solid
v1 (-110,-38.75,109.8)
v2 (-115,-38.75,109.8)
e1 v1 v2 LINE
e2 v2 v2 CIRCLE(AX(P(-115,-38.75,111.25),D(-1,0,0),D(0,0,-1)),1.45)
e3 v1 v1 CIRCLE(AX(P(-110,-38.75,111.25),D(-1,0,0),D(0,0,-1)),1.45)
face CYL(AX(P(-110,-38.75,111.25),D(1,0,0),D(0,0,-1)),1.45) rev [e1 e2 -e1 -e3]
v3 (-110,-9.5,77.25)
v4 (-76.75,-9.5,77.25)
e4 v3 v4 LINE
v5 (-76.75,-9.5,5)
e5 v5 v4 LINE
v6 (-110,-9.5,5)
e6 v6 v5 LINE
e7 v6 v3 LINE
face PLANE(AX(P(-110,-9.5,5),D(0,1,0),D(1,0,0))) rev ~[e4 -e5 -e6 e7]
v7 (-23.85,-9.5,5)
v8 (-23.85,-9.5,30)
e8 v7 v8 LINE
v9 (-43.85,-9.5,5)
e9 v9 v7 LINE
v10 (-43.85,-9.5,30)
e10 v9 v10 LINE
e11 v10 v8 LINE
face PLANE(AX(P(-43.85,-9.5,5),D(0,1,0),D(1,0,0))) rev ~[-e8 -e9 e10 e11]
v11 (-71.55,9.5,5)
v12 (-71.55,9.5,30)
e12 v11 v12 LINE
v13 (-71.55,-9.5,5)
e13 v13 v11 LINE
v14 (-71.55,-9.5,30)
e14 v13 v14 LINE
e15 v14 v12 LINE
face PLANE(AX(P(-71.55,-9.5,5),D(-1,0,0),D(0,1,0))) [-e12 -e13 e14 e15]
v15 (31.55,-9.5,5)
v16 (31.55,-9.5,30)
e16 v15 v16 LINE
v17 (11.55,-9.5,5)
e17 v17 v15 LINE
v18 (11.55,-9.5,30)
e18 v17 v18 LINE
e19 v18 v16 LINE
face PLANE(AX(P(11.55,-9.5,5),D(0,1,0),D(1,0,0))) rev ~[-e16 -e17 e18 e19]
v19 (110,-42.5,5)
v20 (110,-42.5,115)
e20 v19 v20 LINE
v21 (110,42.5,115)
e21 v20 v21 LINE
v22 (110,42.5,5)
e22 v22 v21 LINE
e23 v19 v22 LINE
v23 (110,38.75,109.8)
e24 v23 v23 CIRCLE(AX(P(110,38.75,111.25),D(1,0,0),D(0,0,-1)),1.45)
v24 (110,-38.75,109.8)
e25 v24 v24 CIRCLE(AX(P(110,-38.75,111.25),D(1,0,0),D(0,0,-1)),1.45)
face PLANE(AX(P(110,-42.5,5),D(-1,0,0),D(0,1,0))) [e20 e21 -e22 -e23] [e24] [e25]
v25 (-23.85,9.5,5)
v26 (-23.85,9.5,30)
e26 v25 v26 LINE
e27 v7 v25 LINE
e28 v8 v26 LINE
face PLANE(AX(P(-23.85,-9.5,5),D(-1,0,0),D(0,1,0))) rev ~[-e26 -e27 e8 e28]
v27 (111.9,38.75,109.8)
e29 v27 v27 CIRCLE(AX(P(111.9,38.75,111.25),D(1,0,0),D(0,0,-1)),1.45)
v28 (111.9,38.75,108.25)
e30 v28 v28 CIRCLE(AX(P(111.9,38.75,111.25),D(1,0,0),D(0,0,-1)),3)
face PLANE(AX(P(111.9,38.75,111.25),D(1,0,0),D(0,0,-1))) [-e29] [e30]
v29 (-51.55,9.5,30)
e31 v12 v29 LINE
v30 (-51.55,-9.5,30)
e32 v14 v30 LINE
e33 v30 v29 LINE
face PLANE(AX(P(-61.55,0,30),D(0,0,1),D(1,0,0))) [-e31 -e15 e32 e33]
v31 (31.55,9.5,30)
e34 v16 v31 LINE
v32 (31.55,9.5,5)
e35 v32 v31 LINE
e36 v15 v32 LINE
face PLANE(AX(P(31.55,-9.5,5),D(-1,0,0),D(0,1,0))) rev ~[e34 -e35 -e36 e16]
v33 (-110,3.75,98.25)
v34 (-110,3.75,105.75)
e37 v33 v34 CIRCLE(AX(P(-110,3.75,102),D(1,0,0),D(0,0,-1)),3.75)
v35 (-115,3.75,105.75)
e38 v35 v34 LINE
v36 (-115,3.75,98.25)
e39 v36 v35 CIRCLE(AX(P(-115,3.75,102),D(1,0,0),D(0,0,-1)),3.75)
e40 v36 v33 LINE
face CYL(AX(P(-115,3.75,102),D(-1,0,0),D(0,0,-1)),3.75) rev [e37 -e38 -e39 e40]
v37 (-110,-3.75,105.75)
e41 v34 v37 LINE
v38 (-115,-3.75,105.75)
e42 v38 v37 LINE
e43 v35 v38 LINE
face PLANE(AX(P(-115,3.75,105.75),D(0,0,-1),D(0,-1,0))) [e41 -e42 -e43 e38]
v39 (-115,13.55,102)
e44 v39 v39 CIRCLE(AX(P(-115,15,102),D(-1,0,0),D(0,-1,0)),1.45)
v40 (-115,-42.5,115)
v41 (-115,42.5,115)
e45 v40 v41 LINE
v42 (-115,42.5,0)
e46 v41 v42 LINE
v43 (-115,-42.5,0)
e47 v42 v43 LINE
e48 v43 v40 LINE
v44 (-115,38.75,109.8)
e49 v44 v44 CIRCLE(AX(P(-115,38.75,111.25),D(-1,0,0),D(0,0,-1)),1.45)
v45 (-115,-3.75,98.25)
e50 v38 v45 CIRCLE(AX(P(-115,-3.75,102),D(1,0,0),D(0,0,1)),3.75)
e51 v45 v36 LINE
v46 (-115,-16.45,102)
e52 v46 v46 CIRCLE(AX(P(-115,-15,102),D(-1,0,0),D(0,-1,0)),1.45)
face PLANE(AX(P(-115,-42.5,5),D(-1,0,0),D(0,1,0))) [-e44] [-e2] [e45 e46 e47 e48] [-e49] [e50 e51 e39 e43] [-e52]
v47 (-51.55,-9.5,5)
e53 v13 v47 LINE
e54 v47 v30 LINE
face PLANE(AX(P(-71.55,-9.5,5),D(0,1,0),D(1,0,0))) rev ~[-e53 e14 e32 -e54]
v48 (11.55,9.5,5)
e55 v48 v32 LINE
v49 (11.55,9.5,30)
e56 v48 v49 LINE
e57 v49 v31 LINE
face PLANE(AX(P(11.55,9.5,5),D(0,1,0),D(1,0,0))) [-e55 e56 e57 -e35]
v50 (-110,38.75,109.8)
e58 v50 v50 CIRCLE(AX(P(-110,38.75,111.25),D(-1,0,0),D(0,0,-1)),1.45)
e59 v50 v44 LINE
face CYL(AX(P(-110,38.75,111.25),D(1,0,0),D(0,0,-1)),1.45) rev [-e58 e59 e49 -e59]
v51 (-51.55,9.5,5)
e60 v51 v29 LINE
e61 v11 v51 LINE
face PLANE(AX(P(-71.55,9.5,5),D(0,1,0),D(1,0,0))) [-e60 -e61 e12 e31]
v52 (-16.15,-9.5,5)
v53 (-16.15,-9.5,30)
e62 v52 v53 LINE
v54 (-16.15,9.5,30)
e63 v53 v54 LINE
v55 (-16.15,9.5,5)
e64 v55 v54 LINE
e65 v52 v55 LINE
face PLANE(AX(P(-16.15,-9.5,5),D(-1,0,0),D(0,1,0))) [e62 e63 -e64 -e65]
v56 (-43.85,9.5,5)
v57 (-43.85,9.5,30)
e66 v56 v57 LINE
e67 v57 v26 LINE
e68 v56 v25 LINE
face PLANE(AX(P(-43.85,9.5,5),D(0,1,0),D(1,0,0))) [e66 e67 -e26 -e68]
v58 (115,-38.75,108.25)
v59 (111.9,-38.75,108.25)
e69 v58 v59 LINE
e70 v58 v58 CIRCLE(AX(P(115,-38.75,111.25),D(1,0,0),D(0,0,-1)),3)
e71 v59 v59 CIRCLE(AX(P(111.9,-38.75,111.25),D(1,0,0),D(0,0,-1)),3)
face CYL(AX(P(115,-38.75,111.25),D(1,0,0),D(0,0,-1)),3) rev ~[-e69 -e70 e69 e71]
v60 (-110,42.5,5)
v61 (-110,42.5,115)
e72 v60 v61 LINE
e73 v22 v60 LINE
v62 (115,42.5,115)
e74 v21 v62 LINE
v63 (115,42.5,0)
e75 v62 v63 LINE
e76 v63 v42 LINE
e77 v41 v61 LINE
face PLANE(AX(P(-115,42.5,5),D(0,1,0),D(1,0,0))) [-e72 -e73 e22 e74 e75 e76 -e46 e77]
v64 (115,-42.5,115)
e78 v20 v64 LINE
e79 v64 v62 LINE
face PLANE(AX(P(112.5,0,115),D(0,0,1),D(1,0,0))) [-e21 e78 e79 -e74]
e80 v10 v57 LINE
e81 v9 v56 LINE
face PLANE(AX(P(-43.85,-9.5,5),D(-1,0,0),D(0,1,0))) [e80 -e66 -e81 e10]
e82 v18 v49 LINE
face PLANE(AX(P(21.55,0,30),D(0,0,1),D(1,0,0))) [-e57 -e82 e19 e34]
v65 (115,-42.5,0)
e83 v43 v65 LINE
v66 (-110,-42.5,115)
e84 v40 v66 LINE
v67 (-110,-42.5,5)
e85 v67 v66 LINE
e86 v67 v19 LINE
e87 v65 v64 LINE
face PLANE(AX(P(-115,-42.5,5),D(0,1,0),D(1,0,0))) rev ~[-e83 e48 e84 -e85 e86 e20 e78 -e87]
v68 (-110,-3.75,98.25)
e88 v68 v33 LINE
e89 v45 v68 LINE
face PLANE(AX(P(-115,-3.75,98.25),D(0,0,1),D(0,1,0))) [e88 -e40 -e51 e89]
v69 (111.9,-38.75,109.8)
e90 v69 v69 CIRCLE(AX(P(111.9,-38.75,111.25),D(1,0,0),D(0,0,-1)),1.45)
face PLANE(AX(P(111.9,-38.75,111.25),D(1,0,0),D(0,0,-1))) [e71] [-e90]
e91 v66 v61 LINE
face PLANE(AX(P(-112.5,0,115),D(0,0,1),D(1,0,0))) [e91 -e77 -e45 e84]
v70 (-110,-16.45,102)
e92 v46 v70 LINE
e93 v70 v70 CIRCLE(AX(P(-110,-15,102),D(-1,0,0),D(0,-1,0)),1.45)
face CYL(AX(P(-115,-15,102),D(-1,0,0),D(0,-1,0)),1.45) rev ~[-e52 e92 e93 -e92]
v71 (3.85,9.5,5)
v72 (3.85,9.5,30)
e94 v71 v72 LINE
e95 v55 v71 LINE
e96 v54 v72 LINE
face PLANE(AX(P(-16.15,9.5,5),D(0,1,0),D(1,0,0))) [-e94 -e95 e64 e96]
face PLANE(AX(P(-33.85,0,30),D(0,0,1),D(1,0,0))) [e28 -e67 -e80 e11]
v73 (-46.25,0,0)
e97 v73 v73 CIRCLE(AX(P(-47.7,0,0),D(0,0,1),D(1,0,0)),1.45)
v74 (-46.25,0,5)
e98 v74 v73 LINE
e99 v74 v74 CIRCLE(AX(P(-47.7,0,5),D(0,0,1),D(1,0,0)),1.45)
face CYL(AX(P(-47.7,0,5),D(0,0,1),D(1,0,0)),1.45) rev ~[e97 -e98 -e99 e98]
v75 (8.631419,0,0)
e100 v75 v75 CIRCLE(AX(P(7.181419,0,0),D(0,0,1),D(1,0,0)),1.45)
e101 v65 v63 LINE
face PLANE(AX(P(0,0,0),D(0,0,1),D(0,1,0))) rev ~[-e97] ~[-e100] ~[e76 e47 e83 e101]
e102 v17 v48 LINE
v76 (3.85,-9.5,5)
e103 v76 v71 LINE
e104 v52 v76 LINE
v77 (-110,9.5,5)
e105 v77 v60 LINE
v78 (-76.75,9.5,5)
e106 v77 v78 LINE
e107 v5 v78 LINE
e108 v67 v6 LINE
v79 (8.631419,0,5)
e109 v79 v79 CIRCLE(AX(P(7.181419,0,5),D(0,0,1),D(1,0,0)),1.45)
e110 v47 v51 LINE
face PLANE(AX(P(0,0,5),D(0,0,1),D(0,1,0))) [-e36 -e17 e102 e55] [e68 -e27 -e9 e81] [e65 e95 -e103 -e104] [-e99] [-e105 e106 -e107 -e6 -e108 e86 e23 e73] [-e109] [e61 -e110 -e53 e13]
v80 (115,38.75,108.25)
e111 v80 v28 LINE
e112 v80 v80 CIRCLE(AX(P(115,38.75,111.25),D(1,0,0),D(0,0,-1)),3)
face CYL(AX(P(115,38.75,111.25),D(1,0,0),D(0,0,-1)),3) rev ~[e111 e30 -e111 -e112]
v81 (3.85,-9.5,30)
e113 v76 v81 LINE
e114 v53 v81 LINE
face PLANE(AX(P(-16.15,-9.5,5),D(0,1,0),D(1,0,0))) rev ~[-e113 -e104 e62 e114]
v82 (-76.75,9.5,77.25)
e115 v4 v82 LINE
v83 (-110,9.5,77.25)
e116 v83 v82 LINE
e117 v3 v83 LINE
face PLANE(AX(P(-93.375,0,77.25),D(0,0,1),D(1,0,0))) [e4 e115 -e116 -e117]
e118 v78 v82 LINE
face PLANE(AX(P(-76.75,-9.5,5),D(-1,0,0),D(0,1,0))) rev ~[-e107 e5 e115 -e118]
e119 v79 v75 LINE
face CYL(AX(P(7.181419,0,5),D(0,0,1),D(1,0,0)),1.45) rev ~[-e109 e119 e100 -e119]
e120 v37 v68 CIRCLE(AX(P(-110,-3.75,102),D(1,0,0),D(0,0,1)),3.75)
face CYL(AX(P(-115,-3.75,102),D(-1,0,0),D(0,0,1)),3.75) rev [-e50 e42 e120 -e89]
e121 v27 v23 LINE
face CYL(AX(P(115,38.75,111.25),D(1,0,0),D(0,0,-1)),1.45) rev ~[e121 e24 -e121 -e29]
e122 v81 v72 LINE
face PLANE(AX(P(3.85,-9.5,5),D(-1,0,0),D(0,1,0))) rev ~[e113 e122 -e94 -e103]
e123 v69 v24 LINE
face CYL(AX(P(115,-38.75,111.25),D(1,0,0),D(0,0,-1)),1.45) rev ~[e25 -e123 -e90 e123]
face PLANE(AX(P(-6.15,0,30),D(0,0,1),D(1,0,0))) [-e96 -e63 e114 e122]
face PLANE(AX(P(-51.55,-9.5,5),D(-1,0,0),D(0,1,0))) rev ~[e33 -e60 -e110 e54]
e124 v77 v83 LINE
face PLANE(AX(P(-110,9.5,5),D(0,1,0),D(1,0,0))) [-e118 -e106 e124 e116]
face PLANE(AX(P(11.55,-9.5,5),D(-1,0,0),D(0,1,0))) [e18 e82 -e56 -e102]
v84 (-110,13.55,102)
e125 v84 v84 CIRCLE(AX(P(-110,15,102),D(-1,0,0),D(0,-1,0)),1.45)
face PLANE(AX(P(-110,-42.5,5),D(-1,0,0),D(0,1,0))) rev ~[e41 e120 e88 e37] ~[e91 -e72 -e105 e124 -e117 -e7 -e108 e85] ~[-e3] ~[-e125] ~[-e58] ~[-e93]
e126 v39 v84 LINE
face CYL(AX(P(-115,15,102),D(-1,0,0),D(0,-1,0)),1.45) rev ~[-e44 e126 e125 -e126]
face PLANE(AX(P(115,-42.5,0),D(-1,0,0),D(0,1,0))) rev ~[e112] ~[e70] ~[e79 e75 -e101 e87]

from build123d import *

# Parameters (mm, degrees)
BOSS_EXTRUDE1_DEPTH = 5
SKETCH2_W           = 5
SKETCH2_H           = 85
BOSS_EXTRUDE3_DEPTH = 110
SKETCH2_3_W         = 20
SKETCH2_3_H         = 19
BOSS_EXTRUDE4_DEPTH = 25
SKETCH3_R           = 1.45
CUT_EXTRUDE1_DEPTH  = 5
SKETCH4_R           = 1.45
CUT_EXTRUDE2_DEPTH  = 5
SKETCH5_R           = 3
SKETCH5_R_2         = 1.45
CUT_EXTRUDE3_DEPTH  = 3.1
SKETCH5_2_R         = 1.45
CUT_EXTRUDE4_DEPTH  = 5
CUT_EXTRUDE5_START  = -5
SKETCH6_R           = 1.45
CUT_EXTRUDE5_DEPTH  = 5
SKETCH2_7_W         = 33.25
SKETCH2_7_H         = 19
BOSS_EXTRUDE6_DEPTH = 72.25


with BuildPart() as part:
    # Sketch1 → Boss-Extrude1 (new body)
    with BuildSketch(Plane(origin=(0, 0, 0), x_dir=(0, 1, 0), z_dir=(0, 0, 1))):
        Polygon((-42.5, 94.306537639), (-42.5, -115), (42.5, -115), (42.5, 94.306537639), (42.5, 115), (-42.5, 115), align=None)
    extrude(amount=BOSS_EXTRUDE1_DEPTH)

    # Sketch2 → Boss-Extrude3 (add)
    with BuildSketch(Plane.XY.offset(5)):
        with Locations((-112.5, 0)):
            Rectangle(SKETCH2_W, SKETCH2_H)
        with Locations((112.5, 0)):
            Rectangle(SKETCH2_W, SKETCH2_H)
    extrude(amount=BOSS_EXTRUDE3_DEPTH)

    # Sketch2<3> → Boss-Extrude4 (add)
    with BuildSketch(Plane.XY.offset(5)):
        with Locations((-61.55, 0)):
            Rectangle(SKETCH2_3_W, SKETCH2_3_H)
        with Locations((-33.85, 0)):
            Rectangle(SKETCH2_3_W, SKETCH2_3_H)
        with Locations((-6.15, 0)):
            Rectangle(SKETCH2_3_W, SKETCH2_3_H)
        with Locations((21.55, 0)):
            Rectangle(SKETCH2_3_W, SKETCH2_3_H)
    extrude(amount=BOSS_EXTRUDE4_DEPTH)

    # Sketch3 → Cut-Extrude1 (cut)
    with BuildSketch(Plane(origin=(-115, 0, 0), x_dir=(0, -1, 0), z_dir=(-1, 0, 0))):
        with Locations((-15, 102)):
            Circle(SKETCH3_R)
        with Locations((15, 102)):
            Circle(SKETCH3_R)
        with BuildLine():
            Line((-3.75, 105.75), (3.75, 105.75))
            ThreePointArc((3.75, 105.75), (7.5, 102), (3.75, 98.25))
            Line((3.75, 98.25), (-3.75, 98.25))
            ThreePointArc((-3.75, 98.25), (-7.5, 102), (-3.75, 105.75))
        make_face()
    extrude(amount=-CUT_EXTRUDE1_DEPTH, mode=Mode.SUBTRACT)

    # Sketch4 → Cut-Extrude2 (cut)
    with BuildSketch(Plane.XY.offset(5)):
        with Locations((-47.7, 0)):
            Circle(SKETCH4_R)
        with Locations((7.181418717, 0)):
            Circle(SKETCH4_R)
    extrude(amount=-CUT_EXTRUDE2_DEPTH, mode=Mode.SUBTRACT)

    # Sketch5 → Cut-Extrude3 (cut)
    # profile 1 of 2: a face of its own
    with BuildSketch(Plane.YZ.offset(115)):
        with Locations(Location((-38.75, 111.25, 0), (0, 0, 270))):
            Circle(SKETCH5_R)
        with Locations(Location((-38.75, 111.25, 0), (0, 0, 270))):
            Circle(SKETCH5_R_2, mode=Mode.SUBTRACT)
    # profile 2 of 2: a face of its own
    with BuildSketch(Plane.YZ.offset(115)):
        with Locations(Location((38.75, 111.25, 0), (0, 0, 270))):
            Circle(SKETCH5_R)
        with Locations(Location((38.75, 111.25, 0), (0, 0, 270))):
            Circle(SKETCH5_R_2, mode=Mode.SUBTRACT)
    extrude(amount=-CUT_EXTRUDE3_DEPTH, mode=Mode.SUBTRACT)

    # Sketch5<2> → Cut-Extrude4 (cut)
    with BuildSketch(Plane.YZ.offset(115)):
        with Locations(Location((-38.75, 111.25, 0), (0, 0, 270))):
            Circle(SKETCH5_2_R)
        with Locations(Location((38.75, 111.25, 0), (0, 0, 270))):
            Circle(SKETCH5_2_R)
    extrude(amount=-CUT_EXTRUDE4_DEPTH, mode=Mode.SUBTRACT)

    # Sketch6 → Cut-Extrude5 (cut)
    with BuildSketch(Plane(origin=(-115, 0, 0), x_dir=(0, -1, 0), z_dir=(-1, 0, 0)).offset(CUT_EXTRUDE5_START)):
        with Locations(Location((-38.75, 111.25, 0), (0, 0, 270))):
            Circle(SKETCH6_R)
        with Locations(Location((38.75, 111.25, 0), (0, 0, 270))):
            Circle(SKETCH6_R)
    extrude(amount=CUT_EXTRUDE5_DEPTH, mode=Mode.SUBTRACT)

    # Sketch2<7> → Boss-Extrude6 (add)
    with BuildSketch(Plane.XY.offset(5)):
        with Locations((-93.375, 0)):
            Rectangle(SKETCH2_7_W, SKETCH2_7_H)
    extrude(amount=BOSS_EXTRUDE6_DEPTH)


solid = part.part
